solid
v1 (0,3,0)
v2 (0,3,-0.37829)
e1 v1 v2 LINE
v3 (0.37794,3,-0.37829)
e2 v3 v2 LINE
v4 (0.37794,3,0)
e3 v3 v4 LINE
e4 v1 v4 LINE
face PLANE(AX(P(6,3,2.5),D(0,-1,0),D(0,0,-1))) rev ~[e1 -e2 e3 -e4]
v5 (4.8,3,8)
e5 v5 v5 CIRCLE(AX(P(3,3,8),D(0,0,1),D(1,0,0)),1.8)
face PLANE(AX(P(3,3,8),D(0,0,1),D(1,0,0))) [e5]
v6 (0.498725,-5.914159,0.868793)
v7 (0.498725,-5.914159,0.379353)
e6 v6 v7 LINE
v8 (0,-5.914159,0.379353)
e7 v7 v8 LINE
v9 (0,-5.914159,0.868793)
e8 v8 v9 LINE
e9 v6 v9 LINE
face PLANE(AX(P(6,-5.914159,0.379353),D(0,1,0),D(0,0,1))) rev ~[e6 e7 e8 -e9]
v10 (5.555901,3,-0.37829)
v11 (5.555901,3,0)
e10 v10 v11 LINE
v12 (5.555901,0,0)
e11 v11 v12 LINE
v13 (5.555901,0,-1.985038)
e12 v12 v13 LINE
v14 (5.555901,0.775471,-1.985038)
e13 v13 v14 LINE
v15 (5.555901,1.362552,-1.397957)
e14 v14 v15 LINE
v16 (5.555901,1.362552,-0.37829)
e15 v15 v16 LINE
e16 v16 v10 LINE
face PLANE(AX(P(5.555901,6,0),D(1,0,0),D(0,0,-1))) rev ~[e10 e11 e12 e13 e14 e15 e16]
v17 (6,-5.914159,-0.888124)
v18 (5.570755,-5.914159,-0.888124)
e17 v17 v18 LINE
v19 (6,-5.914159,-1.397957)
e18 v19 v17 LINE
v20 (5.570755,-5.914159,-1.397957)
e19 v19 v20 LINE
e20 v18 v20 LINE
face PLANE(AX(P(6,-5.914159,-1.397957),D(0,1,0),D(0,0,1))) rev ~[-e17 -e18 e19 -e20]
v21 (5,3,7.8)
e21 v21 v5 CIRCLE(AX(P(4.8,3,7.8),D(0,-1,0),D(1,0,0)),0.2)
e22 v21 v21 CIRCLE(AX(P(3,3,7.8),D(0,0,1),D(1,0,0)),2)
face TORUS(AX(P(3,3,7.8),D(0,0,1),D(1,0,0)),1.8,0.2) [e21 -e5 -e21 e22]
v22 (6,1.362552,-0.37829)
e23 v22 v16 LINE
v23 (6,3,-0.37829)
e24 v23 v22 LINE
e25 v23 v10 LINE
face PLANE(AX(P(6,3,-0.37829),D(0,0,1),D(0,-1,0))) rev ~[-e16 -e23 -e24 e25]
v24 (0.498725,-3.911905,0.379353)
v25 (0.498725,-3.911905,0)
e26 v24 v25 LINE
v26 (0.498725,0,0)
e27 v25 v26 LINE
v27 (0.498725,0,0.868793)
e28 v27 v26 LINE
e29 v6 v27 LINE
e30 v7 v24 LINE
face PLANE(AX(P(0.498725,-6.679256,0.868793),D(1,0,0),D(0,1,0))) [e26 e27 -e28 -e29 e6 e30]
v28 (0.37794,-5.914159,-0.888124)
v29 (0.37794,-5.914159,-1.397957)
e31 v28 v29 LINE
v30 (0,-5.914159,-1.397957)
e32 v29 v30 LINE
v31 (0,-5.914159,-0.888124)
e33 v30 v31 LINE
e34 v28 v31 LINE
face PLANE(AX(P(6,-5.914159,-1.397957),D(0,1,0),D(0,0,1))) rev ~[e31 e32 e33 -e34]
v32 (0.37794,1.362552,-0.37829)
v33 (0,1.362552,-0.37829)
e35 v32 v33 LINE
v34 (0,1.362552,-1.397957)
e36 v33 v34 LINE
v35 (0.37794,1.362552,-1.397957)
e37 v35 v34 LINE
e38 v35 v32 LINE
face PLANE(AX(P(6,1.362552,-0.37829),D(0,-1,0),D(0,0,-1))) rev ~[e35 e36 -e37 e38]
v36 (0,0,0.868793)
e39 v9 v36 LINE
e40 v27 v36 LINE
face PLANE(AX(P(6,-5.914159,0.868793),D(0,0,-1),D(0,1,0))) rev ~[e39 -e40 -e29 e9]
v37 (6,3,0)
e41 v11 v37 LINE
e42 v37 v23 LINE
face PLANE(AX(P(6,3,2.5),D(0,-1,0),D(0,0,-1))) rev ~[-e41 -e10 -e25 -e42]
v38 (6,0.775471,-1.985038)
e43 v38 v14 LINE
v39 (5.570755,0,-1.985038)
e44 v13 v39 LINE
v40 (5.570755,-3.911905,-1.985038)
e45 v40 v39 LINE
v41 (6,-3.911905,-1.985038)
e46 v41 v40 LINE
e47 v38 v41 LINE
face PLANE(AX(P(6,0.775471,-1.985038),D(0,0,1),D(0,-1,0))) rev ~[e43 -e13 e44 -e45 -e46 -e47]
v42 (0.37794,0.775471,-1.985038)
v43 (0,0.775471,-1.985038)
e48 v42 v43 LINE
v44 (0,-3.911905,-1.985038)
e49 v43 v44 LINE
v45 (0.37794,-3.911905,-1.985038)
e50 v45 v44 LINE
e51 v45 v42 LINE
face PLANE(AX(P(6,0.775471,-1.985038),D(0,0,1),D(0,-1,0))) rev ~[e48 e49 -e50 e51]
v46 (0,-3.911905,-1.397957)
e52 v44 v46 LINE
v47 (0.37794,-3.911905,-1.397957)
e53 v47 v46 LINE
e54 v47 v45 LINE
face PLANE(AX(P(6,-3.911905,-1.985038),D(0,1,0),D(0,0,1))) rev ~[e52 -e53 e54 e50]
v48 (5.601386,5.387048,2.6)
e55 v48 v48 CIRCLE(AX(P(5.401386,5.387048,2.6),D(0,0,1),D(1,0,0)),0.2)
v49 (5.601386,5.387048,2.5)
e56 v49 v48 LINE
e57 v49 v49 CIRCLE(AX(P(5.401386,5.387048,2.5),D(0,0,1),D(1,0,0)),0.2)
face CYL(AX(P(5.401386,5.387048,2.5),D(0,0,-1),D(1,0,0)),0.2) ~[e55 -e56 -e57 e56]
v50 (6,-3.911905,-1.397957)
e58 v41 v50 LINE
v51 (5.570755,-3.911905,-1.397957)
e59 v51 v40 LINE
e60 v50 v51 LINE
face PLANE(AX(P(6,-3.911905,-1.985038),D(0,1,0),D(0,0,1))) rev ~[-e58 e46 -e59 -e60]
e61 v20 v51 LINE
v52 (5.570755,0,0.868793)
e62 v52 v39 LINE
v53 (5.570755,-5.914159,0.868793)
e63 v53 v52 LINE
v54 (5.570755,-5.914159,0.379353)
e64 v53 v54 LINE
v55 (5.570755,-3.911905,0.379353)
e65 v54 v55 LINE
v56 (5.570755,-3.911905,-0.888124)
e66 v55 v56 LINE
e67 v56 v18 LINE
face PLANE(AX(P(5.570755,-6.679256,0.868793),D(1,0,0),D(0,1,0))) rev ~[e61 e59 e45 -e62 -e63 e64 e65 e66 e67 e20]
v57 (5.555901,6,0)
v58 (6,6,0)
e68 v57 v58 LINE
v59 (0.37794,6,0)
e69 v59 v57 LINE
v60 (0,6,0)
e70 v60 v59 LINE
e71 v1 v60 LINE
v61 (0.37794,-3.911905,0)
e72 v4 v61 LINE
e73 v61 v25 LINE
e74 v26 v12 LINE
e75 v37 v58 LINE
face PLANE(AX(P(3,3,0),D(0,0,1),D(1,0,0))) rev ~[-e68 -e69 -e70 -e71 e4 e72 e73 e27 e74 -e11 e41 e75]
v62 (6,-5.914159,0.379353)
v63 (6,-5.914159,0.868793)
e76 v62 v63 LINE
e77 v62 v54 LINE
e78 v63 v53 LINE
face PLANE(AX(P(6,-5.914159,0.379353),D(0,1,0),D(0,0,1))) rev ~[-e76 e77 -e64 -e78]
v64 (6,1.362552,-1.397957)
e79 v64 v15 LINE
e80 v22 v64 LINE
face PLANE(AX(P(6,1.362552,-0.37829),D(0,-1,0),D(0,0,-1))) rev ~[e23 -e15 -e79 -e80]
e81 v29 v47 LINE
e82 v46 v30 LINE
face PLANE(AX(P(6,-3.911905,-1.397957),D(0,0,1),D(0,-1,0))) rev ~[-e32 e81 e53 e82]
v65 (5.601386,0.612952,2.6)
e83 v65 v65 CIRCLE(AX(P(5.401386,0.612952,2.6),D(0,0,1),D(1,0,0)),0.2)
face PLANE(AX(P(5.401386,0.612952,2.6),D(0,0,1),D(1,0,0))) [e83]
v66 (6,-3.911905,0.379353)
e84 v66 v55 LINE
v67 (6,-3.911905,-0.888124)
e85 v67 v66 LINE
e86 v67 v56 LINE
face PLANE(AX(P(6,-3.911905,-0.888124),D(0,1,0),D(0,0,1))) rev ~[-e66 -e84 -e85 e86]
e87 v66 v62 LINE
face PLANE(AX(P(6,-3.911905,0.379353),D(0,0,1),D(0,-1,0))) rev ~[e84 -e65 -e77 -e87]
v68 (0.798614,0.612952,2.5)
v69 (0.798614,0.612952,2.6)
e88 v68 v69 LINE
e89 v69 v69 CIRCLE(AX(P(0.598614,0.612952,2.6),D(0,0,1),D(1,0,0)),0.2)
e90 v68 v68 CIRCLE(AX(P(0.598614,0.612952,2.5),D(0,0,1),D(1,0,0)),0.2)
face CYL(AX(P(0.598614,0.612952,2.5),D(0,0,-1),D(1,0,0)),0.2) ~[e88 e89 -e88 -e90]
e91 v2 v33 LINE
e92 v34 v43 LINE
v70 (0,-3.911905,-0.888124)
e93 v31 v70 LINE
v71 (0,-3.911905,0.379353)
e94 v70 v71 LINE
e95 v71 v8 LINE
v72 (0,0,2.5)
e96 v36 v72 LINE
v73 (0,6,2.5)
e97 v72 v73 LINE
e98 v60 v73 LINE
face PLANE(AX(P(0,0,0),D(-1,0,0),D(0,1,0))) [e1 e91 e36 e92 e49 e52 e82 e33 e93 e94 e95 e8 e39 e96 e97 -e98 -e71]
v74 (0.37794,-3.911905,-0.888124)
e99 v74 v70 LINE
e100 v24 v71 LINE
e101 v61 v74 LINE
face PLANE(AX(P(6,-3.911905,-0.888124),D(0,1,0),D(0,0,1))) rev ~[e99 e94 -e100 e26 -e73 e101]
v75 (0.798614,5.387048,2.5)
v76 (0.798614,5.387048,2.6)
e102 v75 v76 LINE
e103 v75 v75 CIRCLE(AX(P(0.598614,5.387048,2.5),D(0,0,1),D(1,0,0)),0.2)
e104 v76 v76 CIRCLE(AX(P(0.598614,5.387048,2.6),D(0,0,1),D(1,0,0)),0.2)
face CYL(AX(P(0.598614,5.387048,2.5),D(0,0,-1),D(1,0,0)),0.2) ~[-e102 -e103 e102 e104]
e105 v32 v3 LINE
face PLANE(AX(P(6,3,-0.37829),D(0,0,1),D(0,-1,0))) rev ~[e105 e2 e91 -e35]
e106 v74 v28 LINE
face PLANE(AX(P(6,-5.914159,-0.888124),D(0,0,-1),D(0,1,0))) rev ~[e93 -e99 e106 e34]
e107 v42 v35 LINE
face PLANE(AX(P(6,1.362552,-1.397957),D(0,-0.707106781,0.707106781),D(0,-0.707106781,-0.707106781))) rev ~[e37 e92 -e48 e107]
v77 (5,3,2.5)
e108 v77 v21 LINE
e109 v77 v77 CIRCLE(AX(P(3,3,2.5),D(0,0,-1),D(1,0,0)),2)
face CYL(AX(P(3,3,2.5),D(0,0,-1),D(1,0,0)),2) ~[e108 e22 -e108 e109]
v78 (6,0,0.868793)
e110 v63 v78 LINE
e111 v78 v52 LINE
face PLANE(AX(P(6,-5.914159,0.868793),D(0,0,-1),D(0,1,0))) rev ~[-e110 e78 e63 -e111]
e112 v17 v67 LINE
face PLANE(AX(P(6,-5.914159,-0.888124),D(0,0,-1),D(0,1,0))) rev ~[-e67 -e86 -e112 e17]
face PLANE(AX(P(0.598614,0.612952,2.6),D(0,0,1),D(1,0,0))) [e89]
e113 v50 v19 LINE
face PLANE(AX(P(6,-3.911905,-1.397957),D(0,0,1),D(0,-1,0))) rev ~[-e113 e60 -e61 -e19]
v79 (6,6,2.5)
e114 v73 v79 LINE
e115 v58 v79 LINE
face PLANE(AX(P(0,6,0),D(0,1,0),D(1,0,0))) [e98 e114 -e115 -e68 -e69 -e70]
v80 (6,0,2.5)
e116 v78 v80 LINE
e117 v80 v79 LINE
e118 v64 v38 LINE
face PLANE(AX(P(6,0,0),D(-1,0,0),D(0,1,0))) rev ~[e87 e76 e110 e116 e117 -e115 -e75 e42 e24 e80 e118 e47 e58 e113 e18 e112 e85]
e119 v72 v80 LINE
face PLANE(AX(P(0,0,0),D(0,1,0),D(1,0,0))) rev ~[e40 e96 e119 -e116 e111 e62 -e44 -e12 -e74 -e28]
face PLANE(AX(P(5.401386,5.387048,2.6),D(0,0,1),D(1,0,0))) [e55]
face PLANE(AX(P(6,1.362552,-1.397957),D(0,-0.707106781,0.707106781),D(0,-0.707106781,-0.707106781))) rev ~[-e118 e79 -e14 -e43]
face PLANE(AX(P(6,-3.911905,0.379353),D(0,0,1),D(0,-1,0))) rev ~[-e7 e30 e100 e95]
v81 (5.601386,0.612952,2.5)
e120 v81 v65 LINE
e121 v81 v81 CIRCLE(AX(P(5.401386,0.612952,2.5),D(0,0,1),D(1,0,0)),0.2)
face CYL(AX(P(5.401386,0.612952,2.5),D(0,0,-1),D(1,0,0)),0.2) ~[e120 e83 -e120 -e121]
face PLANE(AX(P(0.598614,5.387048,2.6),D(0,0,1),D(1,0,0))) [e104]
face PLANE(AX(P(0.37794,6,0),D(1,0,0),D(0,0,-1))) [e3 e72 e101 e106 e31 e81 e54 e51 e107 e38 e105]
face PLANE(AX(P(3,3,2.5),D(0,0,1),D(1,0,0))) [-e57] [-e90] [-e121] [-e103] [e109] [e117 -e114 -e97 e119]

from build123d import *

# Parameters (mm, degrees)
SKETCH1_W               = 6
SKETCH1_H               = 6
BOSS_EXTRUDE1_DEPTH     = 2.5
SKETCH2_R               = 2
BOSS_EXTRUDE2_DEPTH     = 5.5
SKETCH3_R               = 0.2
BOSS_EXTRUDE3_DEPTH     = 0.1
BOSS_EXTRUDE4_DEPTH     = 6
SKETCH5_W               = 5.177961038
SKETCH5_H               = 4.130239003
CUT_EXTRUDE1_DEPTH      = 1
CUT_EXTRUDE1_DEPTH_BACK = 12.914158668
SKETCH6_W               = 5.072029737
SKETCH6_H               = 6.679255732
CUT_EXTRUDE2_DEPTH      = 8.131207494
CUT_EXTRUDE2_DEPTH_BACK = 3.853830155
FILLET1_R               = 0.2


with BuildPart() as part:
    # Sketch1 → Boss-Extrude1 (new body)
    with BuildSketch(Plane.XY):
        with Locations((3, 3)):
            Rectangle(SKETCH1_W, SKETCH1_H)
    extrude(amount=BOSS_EXTRUDE1_DEPTH)

    # Sketch3 → Boss-Extrude3 (add)
    with BuildSketch(Plane.XY.offset(2.5)):
        with Locations((0.598613773, 0.612952074)):
            Circle(SKETCH3_R)
        with Locations((5.401386227, 0.612952074)):
            Circle(SKETCH3_R)
        with Locations((5.401386227, 5.387047926)):
            Circle(SKETCH3_R)
        with Locations((0.598613773, 5.387047926)):
            Circle(SKETCH3_R)
    extrude(amount=BOSS_EXTRUDE3_DEPTH)



with BuildPart() as body_2:
    # Sketch2 → Boss-Extrude2 (new body)
    with BuildSketch(Plane.XY.offset(2.5)):
        with Locations((3, 3)):
            Circle(SKETCH2_R)
    extrude(amount=BOSS_EXTRUDE2_DEPTH)


with BuildPart() as part_1:
    add(part.part)

    add(body_2.part)  # Boss-Extrude4 merges body 2
    # Sketch4 → Boss-Extrude4 (add)
    with BuildSketch(Plane(origin=(6, 0, 0), x_dir=(0, 0, -1), z_dir=(1, 0, 0))):
        Polygon((-2.5, 3), (0.378290485, 3), (0.378290485, 1.362552045), (1.397956954, 1.362552045), (1.985037649, 0.77547135), (1.985037649, -3.91190451), (1.397956954, -3.91190451), (1.397956954, -5.914158668), (0.88812372, -5.914158668), (0.88812372, -3.91190451), (-0.379352601, -3.91190451), (-0.379352601, -5.914158668), (-0.868792506, -5.914158668), (-0.868792506, 0), (-2.5, 0), align=None)
    extrude(amount=-BOSS_EXTRUDE4_DEPTH)

    # Sketch5 → Cut-Extrude1 (cut, two sides)
    with BuildSketch(Plane(origin=(0, 6, 0), x_dir=(1, 0, 0), z_dir=(0, 1, 0))) as cut_extrude1_sk:
        with Locations((2.966920818, 2.065119502)):
            Rectangle(SKETCH5_W, SKETCH5_H)
    extrude(amount=CUT_EXTRUDE1_DEPTH, mode=Mode.SUBTRACT)
    extrude(cut_extrude1_sk.sketch, amount=-CUT_EXTRUDE1_DEPTH_BACK, mode=Mode.SUBTRACT)

    # Sketch6 → Cut-Extrude2 (cut, two sides)
    with BuildSketch(Plane.XY.offset(0.868792506)) as cut_extrude2_sk:
        with Locations((3.03473993, -3.339627866)):
            Rectangle(SKETCH6_W, SKETCH6_H)
    extrude(amount=CUT_EXTRUDE2_DEPTH, mode=Mode.SUBTRACT)
    extrude(cut_extrude2_sk.sketch, amount=-CUT_EXTRUDE2_DEPTH_BACK, mode=Mode.SUBTRACT)

    # Fillet1
    fillet1_edges = [part_1.edges().sort_by_distance(p)[0] for p in [
        (1, 3, 8),
    ]]
    fillet(fillet1_edges, radius=FILLET1_R)


solid = part_1.part
